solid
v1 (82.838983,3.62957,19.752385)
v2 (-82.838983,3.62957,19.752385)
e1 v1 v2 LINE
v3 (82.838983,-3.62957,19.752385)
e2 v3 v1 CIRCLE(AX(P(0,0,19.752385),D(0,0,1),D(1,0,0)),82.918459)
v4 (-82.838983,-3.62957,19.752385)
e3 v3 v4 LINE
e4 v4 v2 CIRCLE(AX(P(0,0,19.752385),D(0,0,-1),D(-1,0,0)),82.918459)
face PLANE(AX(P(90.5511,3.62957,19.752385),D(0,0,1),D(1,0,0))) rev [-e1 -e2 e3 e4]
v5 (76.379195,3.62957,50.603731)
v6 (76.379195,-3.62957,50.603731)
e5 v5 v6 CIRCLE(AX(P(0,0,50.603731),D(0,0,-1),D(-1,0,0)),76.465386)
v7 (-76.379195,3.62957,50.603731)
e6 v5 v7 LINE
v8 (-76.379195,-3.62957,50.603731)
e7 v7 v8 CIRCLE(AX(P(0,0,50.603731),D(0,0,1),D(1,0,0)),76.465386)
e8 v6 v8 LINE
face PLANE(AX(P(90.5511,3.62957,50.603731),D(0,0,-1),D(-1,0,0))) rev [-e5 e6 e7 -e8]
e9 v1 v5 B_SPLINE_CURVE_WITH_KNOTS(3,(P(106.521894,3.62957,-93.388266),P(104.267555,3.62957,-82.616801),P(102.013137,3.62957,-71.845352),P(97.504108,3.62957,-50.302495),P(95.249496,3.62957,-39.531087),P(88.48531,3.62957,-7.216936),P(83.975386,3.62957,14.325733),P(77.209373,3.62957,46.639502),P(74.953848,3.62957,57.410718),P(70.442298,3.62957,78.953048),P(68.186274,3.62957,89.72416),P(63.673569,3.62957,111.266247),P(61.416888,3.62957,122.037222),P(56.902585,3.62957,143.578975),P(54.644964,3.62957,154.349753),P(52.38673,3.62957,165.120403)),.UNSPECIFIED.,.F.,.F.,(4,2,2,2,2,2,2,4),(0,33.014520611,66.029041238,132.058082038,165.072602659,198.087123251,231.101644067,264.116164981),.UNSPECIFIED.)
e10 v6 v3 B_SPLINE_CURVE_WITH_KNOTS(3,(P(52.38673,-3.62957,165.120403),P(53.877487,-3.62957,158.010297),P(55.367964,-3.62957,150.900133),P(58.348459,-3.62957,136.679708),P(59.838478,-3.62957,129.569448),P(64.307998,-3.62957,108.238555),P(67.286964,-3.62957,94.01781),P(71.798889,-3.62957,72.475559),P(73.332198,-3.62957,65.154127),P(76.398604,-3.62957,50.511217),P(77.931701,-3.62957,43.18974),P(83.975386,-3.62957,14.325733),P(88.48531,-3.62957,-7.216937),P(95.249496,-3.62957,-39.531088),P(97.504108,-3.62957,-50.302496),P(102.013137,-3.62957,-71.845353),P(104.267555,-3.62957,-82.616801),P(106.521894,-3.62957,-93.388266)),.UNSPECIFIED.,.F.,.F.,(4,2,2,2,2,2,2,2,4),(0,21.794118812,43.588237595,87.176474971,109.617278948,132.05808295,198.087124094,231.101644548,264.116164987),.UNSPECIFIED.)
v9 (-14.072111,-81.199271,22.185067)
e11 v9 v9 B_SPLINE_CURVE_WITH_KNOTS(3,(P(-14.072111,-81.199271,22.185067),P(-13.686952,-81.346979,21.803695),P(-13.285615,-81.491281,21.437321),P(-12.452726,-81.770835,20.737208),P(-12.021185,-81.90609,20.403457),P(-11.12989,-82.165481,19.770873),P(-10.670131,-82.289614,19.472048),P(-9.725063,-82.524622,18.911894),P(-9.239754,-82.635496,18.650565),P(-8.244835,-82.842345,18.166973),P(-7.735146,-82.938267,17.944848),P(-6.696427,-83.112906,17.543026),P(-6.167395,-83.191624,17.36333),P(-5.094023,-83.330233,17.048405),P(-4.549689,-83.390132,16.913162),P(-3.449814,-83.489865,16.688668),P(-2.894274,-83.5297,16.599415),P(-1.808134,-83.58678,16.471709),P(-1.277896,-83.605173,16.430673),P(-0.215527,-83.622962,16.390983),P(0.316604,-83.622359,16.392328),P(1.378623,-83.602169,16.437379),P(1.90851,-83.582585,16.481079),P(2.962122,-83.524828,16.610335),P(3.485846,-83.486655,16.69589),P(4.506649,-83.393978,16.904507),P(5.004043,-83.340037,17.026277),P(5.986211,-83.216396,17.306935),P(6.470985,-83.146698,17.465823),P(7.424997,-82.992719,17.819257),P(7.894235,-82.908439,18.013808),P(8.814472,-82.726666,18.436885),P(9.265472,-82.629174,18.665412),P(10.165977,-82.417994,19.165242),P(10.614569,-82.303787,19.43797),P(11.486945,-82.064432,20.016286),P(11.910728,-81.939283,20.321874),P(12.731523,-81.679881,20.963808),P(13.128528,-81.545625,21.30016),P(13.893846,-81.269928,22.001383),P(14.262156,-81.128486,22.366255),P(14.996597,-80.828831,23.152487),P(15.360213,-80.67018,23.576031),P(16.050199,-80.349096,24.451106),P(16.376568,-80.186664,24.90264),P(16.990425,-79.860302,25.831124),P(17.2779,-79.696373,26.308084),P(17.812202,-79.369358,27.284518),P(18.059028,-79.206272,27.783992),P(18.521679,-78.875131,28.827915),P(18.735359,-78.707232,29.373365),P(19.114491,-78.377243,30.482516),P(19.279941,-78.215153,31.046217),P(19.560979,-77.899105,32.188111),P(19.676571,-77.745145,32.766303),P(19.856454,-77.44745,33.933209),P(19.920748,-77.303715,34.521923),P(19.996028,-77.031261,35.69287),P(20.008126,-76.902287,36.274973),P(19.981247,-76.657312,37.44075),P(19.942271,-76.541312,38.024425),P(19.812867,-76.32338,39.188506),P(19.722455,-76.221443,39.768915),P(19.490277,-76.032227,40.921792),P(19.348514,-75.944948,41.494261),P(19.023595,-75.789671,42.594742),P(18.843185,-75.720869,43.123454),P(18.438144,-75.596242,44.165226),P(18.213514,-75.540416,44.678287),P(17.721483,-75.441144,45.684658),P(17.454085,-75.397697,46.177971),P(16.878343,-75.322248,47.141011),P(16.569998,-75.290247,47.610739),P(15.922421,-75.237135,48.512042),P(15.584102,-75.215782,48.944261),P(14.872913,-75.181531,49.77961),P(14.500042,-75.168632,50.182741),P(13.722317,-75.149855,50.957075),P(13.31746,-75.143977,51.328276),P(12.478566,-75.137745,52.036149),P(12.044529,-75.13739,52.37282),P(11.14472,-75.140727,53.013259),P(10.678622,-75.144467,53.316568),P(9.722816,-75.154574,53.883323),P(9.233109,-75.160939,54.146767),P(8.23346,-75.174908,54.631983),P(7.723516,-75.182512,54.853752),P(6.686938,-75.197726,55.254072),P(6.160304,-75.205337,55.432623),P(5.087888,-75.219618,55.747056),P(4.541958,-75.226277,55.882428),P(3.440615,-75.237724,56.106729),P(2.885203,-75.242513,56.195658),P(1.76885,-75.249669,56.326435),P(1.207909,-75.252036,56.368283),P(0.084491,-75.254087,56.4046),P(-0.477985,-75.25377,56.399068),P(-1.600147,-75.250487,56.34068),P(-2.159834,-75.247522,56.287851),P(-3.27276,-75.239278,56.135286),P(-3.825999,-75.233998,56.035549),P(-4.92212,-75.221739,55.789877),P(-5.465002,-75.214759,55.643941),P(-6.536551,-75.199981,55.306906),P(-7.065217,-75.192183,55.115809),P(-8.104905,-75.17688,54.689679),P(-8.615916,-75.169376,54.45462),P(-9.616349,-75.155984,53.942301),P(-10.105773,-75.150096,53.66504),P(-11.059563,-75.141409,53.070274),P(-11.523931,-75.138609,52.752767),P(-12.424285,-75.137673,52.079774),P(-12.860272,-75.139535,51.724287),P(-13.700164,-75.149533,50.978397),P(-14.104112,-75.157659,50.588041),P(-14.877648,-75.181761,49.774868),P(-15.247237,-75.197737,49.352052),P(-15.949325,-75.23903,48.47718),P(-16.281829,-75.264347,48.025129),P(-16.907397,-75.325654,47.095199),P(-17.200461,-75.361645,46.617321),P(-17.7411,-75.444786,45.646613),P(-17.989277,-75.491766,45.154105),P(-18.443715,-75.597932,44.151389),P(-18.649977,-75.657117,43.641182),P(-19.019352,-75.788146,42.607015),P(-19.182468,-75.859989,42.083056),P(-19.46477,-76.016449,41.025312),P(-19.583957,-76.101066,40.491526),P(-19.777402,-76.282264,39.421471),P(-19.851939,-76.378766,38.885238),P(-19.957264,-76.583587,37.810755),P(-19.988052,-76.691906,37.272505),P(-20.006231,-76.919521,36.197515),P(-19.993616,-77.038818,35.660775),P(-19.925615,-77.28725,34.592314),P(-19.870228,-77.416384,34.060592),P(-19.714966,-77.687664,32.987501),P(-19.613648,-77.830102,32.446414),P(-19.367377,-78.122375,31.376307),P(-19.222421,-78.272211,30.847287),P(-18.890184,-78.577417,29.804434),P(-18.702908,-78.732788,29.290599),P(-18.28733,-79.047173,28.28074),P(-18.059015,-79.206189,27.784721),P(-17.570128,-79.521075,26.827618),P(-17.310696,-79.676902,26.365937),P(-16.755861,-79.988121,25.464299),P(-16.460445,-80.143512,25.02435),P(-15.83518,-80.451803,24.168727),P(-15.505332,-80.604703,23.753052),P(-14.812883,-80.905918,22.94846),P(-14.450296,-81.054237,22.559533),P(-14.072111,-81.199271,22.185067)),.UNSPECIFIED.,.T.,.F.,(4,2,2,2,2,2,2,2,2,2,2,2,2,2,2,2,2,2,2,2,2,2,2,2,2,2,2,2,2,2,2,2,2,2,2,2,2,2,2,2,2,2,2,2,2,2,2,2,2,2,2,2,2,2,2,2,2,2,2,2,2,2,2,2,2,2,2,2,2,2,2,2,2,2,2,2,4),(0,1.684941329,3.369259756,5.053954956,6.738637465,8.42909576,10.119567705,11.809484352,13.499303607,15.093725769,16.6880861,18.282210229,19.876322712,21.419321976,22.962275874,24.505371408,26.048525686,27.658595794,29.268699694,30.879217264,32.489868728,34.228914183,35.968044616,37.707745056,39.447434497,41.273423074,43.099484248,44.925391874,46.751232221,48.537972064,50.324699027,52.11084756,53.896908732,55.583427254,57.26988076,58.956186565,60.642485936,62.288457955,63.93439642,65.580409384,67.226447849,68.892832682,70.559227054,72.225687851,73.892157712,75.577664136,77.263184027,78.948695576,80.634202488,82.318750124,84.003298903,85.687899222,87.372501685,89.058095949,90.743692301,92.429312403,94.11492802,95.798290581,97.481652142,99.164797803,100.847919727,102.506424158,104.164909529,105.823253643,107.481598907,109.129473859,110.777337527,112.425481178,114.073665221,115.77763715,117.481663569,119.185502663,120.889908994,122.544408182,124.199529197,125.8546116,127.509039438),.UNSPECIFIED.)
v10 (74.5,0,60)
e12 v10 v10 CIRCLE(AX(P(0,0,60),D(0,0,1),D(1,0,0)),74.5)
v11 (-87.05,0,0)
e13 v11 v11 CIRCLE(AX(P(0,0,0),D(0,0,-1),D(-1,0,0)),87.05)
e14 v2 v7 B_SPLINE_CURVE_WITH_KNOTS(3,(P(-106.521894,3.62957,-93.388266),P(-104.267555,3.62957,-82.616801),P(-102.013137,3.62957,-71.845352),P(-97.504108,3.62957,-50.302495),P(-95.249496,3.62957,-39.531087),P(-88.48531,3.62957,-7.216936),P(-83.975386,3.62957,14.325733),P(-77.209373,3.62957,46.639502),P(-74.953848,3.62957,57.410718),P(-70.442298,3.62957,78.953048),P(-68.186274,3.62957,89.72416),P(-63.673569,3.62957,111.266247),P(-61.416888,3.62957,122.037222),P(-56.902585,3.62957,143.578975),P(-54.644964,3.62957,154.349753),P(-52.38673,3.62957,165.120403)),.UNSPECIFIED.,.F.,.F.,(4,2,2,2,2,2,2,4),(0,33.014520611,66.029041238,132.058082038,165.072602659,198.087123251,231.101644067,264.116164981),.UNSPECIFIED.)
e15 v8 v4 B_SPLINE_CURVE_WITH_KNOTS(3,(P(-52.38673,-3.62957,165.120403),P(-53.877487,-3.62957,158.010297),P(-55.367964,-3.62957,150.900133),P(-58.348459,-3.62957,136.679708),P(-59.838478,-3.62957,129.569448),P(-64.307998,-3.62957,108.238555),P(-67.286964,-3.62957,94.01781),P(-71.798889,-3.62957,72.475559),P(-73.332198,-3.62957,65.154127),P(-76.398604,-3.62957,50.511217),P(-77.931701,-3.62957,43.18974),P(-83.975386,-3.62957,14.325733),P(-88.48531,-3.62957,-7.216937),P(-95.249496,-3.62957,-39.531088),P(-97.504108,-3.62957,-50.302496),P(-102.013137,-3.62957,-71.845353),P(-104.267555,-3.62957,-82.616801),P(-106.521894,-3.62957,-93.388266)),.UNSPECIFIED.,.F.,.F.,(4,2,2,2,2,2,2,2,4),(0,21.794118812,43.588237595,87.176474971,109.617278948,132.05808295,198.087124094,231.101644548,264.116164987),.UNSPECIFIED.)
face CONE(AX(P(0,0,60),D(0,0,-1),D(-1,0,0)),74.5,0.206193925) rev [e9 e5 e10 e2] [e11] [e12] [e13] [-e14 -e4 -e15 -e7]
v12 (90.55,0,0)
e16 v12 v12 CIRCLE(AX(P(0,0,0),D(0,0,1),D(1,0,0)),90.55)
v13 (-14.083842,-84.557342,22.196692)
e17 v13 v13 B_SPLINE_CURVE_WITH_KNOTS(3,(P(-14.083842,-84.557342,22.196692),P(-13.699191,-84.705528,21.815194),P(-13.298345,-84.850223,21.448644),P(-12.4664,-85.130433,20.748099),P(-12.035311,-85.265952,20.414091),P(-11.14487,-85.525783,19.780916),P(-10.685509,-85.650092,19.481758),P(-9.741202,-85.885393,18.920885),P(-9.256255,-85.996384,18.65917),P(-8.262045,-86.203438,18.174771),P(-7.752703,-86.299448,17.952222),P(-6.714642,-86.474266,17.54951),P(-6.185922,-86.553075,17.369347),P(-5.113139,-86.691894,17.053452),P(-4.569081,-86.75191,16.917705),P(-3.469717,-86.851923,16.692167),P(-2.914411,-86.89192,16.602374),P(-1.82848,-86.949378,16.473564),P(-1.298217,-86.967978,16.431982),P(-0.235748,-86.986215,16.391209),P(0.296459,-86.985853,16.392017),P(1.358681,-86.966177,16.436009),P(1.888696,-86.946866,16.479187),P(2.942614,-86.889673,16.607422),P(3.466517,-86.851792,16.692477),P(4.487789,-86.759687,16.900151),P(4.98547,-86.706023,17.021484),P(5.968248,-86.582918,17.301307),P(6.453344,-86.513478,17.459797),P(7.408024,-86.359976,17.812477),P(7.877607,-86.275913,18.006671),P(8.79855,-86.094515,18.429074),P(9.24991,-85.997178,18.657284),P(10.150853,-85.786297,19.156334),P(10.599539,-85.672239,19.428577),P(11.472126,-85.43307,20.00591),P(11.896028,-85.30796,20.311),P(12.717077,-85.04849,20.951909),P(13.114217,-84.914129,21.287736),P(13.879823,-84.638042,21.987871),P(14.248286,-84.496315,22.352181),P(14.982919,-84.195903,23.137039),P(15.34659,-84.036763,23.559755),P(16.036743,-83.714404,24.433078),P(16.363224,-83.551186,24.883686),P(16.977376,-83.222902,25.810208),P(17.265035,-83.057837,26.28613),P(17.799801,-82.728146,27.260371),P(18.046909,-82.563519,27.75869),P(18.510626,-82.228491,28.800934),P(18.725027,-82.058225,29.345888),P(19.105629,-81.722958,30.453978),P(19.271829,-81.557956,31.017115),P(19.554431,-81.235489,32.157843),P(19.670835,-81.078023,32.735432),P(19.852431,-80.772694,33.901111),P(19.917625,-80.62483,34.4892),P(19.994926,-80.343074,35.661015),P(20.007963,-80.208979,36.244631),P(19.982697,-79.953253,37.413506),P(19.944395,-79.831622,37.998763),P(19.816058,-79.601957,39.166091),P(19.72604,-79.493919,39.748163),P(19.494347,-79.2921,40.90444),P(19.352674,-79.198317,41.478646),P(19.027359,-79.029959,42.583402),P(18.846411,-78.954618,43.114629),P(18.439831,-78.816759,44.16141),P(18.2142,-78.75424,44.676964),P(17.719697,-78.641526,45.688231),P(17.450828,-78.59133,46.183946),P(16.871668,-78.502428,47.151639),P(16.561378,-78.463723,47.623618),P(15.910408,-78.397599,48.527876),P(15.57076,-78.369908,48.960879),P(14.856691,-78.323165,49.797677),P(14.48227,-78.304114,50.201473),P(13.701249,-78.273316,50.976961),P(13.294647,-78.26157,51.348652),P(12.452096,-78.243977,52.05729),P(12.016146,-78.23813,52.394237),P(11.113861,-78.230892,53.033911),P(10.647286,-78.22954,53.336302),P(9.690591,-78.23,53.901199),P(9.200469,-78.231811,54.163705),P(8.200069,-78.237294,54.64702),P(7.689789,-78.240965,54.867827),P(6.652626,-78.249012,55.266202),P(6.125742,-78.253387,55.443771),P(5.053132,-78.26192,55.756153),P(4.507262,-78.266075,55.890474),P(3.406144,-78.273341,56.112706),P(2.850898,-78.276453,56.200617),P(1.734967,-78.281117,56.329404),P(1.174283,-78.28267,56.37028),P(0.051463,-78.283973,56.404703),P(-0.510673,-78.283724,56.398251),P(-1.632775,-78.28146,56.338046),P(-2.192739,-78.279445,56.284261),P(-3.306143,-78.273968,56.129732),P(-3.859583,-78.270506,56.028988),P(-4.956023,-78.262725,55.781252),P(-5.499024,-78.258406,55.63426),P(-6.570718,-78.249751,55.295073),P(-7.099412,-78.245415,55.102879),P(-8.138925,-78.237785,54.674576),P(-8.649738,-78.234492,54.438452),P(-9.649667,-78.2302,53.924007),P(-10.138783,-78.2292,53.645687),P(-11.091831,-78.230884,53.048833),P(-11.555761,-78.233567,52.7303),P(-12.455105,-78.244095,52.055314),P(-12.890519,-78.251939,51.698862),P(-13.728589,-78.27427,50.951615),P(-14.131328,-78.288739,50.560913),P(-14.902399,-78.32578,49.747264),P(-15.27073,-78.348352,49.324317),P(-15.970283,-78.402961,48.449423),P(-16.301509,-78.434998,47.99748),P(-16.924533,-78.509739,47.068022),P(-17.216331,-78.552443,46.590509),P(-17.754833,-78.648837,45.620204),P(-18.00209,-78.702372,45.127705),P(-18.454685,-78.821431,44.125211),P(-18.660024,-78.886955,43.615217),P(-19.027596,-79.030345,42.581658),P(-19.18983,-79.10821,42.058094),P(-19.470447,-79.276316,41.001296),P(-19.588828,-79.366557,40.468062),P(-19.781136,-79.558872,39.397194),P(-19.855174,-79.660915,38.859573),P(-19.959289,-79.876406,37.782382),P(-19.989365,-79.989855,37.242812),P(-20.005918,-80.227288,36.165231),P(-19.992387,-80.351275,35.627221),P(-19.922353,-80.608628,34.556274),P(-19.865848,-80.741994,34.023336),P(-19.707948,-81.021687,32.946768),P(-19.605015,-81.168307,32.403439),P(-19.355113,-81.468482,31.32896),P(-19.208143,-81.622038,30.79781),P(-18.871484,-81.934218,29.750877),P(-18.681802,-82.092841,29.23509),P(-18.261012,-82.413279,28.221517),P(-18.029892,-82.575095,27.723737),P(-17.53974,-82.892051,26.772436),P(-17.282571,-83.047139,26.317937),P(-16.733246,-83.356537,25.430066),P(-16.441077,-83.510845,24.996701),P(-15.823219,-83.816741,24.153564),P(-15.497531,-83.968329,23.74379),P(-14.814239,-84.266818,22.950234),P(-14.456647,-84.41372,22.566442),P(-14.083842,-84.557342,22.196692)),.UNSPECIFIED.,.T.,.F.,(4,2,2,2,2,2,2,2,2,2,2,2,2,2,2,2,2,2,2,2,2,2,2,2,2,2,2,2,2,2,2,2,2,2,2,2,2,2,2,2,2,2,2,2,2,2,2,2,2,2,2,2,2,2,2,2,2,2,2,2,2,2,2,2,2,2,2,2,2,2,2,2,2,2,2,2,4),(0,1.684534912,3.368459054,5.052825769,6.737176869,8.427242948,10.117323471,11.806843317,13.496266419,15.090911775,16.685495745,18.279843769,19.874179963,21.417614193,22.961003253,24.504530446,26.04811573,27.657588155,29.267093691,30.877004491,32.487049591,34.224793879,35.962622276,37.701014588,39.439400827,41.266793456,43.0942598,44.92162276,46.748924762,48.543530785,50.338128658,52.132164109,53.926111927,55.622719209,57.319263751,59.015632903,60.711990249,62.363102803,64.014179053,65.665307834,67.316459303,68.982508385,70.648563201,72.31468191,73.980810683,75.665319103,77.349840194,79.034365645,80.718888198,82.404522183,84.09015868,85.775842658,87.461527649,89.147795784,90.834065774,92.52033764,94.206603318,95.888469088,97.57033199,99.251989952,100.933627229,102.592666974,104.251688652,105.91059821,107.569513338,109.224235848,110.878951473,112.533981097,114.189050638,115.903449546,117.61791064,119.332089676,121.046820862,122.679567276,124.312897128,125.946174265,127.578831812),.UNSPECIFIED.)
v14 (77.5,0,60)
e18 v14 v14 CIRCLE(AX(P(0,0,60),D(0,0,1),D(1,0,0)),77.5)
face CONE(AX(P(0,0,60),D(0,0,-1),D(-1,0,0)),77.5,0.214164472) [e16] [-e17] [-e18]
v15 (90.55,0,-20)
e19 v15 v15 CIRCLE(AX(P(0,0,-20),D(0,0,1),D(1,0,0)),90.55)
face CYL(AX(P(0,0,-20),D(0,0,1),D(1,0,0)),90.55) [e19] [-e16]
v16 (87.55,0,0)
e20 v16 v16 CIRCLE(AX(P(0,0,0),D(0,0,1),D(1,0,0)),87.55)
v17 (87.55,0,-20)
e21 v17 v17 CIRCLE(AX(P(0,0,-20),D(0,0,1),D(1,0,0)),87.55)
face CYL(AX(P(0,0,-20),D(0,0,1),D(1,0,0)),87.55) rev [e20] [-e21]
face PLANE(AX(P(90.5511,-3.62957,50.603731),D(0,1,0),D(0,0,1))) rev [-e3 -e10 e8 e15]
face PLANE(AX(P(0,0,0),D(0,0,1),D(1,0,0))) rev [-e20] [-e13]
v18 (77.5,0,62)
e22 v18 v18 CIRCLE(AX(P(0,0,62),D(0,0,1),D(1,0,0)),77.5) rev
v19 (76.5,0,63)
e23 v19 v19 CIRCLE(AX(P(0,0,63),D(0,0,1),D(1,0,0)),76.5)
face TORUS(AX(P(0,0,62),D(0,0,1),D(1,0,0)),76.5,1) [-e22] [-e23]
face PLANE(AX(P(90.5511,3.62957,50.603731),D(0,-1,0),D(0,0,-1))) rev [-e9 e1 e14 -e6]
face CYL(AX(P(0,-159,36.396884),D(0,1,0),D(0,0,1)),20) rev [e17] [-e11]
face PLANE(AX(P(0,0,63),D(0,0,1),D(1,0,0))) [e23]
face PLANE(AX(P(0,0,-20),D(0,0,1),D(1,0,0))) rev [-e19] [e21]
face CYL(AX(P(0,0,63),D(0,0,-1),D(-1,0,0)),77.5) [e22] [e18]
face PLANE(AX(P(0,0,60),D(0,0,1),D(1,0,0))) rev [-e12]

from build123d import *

# Parameters (mm, degrees)
SKETCH2_R                       = 77.5
SKETCH1_R                       = 90.55
SKETCH4_R                       = 74.5
SKETCH3_R                       = 87.05
SKETCH5_R                       = 77.5
BOSS_EXTRUDE1_DEPTH             = 3
SKETCH7_R                       = 20
CUT_EXTRUDE1_DEPTH              = 159
BOSS_EXTRUDE4_REACH             = 144.715
SKETCH9_W                       = 30.851346151
SKETCH9_H                       = 7.25914027
BOSS_EXTRUDE4_DIRECTION_2_REACH = 144.715
FILLET2_R                       = 1
SKETCH1_7_R                     = 90.55
SKETCH1_7_R_2                   = 87.55
BOSS_EXTRUDE6_DEPTH             = 20


with BuildPart() as part:
    # Sketch2 → Loft2 section 0
    with BuildSketch(Plane.XY.offset(60)):
        Circle(SKETCH2_R)
    # Sketch1 → Loft2 section 1
    with BuildSketch(Plane.XY):
        Circle(SKETCH1_R)
    loft()

    # Sketch4 → Cut-Loft1 section 0
    with BuildSketch(Plane.XY.offset(60)):
        Circle(SKETCH4_R)
    # Sketch3 → Cut-Loft1 section 1
    with BuildSketch(Plane(origin=(0, 0, 0), x_dir=(-1, 0, 0), z_dir=(0, 0, -1))):
        Circle(SKETCH3_R)
    loft(mode=Mode.SUBTRACT)

    # Sketch5 → Boss-Extrude1 (add)
    with BuildSketch(Plane.XY.offset(60)):
        Circle(SKETCH5_R)
    extrude(amount=BOSS_EXTRUDE1_DEPTH)

    # Sketch7 → Cut-Extrude1 (cut)
    with BuildSketch(Plane(origin=(0, 0, 0), x_dir=(1, 0, 0), z_dir=(0, 1, 0))):
        with Locations((0, -36.396883827)):
            Circle(SKETCH7_R)
    extrude(amount=-CUT_EXTRUDE1_DEPTH, mode=Mode.SUBTRACT)

    # Boss-Extrude4: up to this cone (the profile starts inside it)
    boss_extrude4_end = Plane(origin=(0, 0, 35.178058), z_dir=(0, 0, -1)) * Cone(32.648891502, 126.734954235, 449.813845737, mode=Mode.PRIVATE)
    # Sketch9 → Boss-Extrude4 (add, up to the surface)
    with BuildSketch(Plane(origin=(0, 0, 0), x_dir=(0, 0, -1), z_dir=(1, 0, 0)), mode=Mode.PRIVATE) as boss_extrude4_sk1:
        with Locations((-35.178058342, 0)):
            Rectangle(SKETCH9_W, SKETCH9_H)
    boss_extrude4_tool1 = extrude(boss_extrude4_sk1.sketch, amount=BOSS_EXTRUDE4_REACH, mode=Mode.PRIVATE) & boss_extrude4_end
    add(boss_extrude4_tool1.solids().sort_by_distance((0, 0, 35.178058))[0])

    # Boss-Extrude4 direction 2: up to this cone (the profile starts inside it)
    boss_extrude4_direction_2_end = Plane(origin=(0, 0, 35.178058), z_dir=(0, 0, -1)) * Cone(32.648891502, 126.734954235, 449.813845737, mode=Mode.PRIVATE)
    # Sketch9 → Boss-Extrude4 direction 2 (add, up to the surface)
    with BuildSketch(Plane(origin=(0, 0, 0), x_dir=(0, 0, -1), z_dir=(1, 0, 0)), mode=Mode.PRIVATE) as boss_extrude4_direction_2_sk1:
        with Locations((-35.178058342, 0)):
            Rectangle(SKETCH9_W, SKETCH9_H)
    boss_extrude4_direction_2_tool1 = extrude(boss_extrude4_direction_2_sk1.sketch, amount=-BOSS_EXTRUDE4_DIRECTION_2_REACH, mode=Mode.PRIVATE) & boss_extrude4_direction_2_end
    add(boss_extrude4_direction_2_tool1.solids().sort_by_distance((0, 0, 35.178058))[0])

    # Fillet2
    fillet2_edges = [part.edges().sort_by_distance(p)[0] for p in [
        (-77.5, 0, 63),
    ]]
    fillet(fillet2_edges, radius=FILLET2_R)

    # Sketch1<7> → Boss-Extrude6 (add)
    with BuildSketch(Plane.XY):
        Circle(SKETCH1_7_R)
        Circle(SKETCH1_7_R_2, mode=Mode.SUBTRACT)
    extrude(amount=-BOSS_EXTRUDE6_DEPTH)


solid = part.part
